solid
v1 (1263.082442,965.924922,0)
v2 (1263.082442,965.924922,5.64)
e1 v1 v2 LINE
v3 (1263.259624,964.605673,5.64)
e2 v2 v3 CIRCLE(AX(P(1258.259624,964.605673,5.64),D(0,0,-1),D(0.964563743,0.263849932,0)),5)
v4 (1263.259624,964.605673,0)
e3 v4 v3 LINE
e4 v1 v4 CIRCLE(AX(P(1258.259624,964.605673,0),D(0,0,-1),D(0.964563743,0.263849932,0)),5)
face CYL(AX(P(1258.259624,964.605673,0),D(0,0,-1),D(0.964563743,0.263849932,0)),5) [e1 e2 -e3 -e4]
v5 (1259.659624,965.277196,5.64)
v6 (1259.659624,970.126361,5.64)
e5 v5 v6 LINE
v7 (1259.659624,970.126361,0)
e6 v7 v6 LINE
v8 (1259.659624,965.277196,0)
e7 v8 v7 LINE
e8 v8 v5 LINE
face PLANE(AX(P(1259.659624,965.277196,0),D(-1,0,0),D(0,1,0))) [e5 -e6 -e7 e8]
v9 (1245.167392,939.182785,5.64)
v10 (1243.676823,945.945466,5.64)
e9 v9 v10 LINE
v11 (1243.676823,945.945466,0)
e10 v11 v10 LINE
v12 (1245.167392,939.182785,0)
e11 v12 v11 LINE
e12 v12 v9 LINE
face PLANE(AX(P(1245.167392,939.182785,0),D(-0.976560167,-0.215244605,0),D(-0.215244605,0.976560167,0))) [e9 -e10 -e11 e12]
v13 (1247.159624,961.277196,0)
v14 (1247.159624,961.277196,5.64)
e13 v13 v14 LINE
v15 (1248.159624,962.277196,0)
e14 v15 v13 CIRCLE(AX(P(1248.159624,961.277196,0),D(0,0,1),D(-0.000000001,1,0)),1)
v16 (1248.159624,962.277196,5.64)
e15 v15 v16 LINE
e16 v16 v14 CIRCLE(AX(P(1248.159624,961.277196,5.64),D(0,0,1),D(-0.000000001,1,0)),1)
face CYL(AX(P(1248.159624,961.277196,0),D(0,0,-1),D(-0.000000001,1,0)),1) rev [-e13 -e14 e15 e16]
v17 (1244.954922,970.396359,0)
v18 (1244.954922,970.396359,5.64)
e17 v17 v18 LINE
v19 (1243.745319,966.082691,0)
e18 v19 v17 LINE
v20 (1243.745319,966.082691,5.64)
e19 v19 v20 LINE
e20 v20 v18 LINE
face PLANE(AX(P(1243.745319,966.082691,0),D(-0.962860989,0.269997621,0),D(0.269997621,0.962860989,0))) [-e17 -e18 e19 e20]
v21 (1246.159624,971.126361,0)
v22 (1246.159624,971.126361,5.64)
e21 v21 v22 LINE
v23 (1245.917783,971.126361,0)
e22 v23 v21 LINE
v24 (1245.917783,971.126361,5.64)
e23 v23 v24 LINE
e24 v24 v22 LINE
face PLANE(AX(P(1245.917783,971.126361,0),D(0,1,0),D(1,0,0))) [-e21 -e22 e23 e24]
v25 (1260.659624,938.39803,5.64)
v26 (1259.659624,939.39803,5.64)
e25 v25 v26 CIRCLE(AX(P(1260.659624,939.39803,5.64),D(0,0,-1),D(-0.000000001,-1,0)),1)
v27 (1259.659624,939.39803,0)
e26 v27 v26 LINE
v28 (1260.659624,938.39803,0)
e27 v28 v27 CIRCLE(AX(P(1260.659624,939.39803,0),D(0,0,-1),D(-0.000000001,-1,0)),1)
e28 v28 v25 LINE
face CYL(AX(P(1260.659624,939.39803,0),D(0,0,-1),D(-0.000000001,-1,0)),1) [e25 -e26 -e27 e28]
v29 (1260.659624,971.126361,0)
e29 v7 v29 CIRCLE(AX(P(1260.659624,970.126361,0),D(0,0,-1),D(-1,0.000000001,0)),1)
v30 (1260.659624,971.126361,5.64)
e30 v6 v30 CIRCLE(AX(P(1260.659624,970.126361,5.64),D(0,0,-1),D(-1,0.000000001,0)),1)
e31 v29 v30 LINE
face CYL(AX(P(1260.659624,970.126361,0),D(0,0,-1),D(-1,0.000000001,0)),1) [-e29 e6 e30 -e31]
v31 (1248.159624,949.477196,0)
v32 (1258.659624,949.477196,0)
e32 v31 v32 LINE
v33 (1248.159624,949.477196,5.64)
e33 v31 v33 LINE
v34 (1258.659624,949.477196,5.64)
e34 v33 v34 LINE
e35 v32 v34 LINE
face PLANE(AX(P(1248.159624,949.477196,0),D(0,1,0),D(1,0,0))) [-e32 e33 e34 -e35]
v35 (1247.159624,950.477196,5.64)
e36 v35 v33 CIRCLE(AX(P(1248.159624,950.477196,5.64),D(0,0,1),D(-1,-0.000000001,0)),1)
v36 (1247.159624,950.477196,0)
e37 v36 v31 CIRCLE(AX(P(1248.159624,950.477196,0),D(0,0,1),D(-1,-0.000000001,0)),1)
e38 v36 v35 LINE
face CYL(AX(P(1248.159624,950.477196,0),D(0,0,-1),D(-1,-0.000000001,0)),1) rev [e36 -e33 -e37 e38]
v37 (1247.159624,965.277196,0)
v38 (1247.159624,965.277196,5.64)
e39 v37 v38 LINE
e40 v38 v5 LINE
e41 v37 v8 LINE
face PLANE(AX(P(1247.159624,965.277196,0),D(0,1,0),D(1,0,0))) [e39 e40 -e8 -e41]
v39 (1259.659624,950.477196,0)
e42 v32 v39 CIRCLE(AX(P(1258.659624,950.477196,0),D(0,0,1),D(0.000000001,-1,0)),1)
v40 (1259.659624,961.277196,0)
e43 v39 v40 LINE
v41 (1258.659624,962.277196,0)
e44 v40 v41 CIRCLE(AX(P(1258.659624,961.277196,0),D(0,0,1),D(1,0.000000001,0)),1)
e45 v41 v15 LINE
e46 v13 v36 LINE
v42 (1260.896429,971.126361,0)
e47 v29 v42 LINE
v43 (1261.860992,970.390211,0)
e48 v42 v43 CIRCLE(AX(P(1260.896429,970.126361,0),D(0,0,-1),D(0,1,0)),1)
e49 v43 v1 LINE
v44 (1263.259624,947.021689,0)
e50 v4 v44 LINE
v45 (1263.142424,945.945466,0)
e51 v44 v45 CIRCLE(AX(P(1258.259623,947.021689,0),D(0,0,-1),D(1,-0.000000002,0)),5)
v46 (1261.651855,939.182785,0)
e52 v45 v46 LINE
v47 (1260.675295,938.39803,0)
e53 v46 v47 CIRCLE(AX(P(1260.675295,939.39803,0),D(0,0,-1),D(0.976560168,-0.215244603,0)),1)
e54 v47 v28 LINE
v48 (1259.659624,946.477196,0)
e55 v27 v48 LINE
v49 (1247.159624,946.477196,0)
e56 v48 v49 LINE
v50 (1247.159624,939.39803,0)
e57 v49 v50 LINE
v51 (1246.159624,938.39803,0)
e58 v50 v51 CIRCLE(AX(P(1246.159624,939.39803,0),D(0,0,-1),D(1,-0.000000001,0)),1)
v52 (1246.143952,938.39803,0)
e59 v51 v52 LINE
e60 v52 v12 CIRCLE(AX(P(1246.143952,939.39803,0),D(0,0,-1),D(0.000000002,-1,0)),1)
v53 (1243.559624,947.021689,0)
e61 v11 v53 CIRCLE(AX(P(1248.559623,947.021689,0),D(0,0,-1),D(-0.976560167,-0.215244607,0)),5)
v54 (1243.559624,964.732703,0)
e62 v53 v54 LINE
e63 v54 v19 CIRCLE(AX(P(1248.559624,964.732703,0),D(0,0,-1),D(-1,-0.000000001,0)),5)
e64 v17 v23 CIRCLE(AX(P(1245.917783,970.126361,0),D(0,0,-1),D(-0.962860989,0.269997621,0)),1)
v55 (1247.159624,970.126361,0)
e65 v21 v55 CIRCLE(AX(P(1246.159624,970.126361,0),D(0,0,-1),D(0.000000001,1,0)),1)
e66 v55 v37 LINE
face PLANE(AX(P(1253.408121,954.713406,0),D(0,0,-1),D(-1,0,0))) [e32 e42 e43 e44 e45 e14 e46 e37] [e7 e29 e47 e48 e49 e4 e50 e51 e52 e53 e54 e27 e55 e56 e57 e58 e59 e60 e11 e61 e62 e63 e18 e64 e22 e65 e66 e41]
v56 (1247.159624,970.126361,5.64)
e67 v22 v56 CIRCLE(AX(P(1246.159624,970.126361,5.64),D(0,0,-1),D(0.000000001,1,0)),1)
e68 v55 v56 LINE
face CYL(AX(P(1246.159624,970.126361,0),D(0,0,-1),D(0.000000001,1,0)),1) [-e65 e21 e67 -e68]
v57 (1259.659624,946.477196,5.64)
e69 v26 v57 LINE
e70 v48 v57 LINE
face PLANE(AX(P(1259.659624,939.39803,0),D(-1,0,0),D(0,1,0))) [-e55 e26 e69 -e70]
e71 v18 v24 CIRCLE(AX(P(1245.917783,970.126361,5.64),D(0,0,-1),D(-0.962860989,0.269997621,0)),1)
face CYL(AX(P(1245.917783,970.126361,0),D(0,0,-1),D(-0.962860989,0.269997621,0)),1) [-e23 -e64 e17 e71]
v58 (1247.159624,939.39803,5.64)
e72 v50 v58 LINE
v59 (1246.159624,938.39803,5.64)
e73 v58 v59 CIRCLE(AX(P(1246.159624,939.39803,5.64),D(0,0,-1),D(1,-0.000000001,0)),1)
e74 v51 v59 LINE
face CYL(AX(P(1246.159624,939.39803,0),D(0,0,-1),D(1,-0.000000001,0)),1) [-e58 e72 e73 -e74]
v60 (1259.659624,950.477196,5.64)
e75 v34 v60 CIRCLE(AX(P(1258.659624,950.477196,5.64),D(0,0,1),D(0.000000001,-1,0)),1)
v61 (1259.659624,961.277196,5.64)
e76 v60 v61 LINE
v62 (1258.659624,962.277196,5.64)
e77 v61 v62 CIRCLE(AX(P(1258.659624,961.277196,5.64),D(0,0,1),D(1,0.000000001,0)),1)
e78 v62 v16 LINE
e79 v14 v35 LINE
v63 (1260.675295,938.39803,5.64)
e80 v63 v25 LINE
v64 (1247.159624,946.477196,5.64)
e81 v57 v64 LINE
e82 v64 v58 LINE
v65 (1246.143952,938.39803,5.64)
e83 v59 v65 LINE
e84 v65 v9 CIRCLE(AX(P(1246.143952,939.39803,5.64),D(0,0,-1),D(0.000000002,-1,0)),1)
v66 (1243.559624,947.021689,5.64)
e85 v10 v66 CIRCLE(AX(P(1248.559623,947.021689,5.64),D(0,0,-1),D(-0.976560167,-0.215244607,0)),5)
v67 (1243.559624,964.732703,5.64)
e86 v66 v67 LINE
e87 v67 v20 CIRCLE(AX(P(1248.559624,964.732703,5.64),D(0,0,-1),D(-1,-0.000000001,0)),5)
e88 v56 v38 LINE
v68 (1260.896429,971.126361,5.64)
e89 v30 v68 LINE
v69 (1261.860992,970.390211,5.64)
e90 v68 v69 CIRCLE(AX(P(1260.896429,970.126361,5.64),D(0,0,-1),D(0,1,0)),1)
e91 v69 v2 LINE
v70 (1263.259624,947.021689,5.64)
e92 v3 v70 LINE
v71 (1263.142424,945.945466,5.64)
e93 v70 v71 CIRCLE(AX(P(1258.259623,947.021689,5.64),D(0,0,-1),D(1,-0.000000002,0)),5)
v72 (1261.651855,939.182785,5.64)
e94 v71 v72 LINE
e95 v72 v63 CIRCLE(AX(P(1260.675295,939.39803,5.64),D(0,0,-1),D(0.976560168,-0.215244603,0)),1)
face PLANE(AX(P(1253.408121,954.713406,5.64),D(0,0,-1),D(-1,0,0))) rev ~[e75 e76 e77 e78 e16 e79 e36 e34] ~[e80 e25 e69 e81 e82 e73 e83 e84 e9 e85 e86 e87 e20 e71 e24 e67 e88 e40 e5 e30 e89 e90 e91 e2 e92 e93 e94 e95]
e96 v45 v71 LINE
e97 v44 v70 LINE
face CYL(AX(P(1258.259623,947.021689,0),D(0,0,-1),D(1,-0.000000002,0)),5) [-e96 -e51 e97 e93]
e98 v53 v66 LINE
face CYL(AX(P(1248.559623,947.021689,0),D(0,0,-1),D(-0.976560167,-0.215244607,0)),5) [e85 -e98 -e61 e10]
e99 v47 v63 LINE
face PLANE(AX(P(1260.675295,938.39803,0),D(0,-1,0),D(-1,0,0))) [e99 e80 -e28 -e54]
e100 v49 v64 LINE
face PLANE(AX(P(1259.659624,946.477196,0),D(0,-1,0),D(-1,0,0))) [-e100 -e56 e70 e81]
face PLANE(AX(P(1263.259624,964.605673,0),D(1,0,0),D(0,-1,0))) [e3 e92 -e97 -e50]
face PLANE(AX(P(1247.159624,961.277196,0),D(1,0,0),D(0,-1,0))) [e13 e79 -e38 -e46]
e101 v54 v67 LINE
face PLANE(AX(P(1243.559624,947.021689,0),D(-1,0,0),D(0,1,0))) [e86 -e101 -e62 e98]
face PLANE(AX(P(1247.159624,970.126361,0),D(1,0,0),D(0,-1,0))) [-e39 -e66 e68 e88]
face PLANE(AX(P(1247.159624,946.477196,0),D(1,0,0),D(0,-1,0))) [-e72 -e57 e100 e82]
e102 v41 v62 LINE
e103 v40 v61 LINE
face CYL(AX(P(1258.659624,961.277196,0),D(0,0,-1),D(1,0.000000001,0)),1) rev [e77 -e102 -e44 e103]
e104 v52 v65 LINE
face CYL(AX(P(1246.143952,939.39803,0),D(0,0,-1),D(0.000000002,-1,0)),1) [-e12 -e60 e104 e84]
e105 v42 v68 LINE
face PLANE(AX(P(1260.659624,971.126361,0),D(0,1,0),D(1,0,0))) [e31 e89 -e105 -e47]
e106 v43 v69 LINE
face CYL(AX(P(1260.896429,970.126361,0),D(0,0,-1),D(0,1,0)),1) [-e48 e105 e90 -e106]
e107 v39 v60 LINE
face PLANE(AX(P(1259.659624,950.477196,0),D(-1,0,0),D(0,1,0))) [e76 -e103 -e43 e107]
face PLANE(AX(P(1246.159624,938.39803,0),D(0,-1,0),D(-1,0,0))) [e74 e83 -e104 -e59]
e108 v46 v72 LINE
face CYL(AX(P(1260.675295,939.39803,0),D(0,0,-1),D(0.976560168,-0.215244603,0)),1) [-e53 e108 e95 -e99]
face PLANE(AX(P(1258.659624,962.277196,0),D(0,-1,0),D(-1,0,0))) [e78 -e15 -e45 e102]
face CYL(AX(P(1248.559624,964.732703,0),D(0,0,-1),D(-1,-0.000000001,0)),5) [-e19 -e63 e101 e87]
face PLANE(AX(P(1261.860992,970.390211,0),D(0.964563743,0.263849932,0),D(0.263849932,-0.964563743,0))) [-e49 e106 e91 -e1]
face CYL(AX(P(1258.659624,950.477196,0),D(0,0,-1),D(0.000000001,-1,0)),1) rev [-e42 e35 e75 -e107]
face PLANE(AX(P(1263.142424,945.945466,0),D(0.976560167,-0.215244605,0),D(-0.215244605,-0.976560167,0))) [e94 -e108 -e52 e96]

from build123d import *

# Parameters (mm, degrees)
BOSS_EXTRUDE1_DEPTH = 5.64


with BuildPart() as part:
    # Sketch1 → Boss-Extrude1 (new body)
    with BuildSketch(Plane.XY):
        with BuildLine():
            Line((1245.917783232, 971.126361431), (1246.159623553, 971.126361431))
            ThreePointArc((1246.159623553, 971.126361431), (1246.866730334, 970.833468212), (1247.159623553, 970.126361431))
            Line((1247.159623553, 970.126361431), (1247.159623553, 965.277195661))
            Line((1247.159623553, 965.277195661), (1259.659623553, 965.277195661))
            Line((1259.659623553, 965.277195661), (1259.659623553, 970.126361431))
            ThreePointArc((1259.659623553, 970.126361431), (1259.952516772, 970.833468212), (1260.659623553, 971.126361431))
            Line((1260.659623553, 971.126361431), (1260.896428716, 971.126361431))
            ThreePointArc((1260.896428716, 971.126361431), (1261.503120593, 970.921298514), (1261.860992458, 970.390211362))
            Line((1261.860992458, 970.390211362), (1263.082442266, 965.92492236))
            ThreePointArc((1263.082442266, 965.92492236), (1263.215130266, 965.271220008), (1263.259623553, 964.605672702))
            Line((1263.259623553, 964.605672702), (1263.259623553, 947.021688584))
            ThreePointArc((1263.259623553, 947.021688584), (1263.230237407, 946.480395771), (1263.142424389, 945.945465561))
            Line((1263.142424389, 945.945465561), (1261.651855255, 939.182785286))
            ThreePointArc((1261.651855255, 939.182785286), (1261.301695677, 938.618528574), (1260.675295088, 938.398029891))
            Line((1260.675295088, 938.398029891), (1260.659623553, 938.398029891))
            ThreePointArc((1260.659623553, 938.398029891), (1259.952516772, 938.69092311), (1259.659623553, 939.398029891))
            Line((1259.659623553, 939.398029891), (1259.659623553, 946.477195661))
            Line((1259.659623553, 946.477195661), (1247.159623553, 946.477195661))
            Line((1247.159623553, 946.477195661), (1247.159623553, 939.398029891))
            ThreePointArc((1247.159623553, 939.398029891), (1246.866730334, 938.69092311), (1246.159623553, 938.398029891))
            Line((1246.159623553, 938.398029891), (1246.143952018, 938.398029891))
            ThreePointArc((1246.143952018, 938.398029891), (1245.517551429, 938.618528574), (1245.167391851, 939.182785286))
            Line((1245.167391851, 939.182785286), (1243.676822717, 945.945465561))
            ThreePointArc((1243.676822717, 945.945465561), (1243.589009698, 946.480395771), (1243.559623553, 947.021688584))
            Line((1243.559623553, 947.021688584), (1243.559623553, 964.732702737))
            ThreePointArc((1243.559623553, 964.732702737), (1243.606264857, 965.414052599), (1243.745318606, 966.082690842))
            Line((1243.745318606, 966.082690842), (1244.954922243, 970.396359052))
            ThreePointArc((1244.954922243, 970.396359052), (1245.313629949, 970.923229557), (1245.917783232, 971.126361431))
        make_face()
        with BuildLine():
            Line((1247.159623553, 961.277195661), (1247.159623553, 950.477195661))
            ThreePointArc((1247.159623553, 950.477195661), (1247.452516772, 949.77008888), (1248.159623553, 949.477195661))
            Line((1248.159623553, 949.477195661), (1258.659623553, 949.477195661))
            ThreePointArc((1258.659623553, 949.477195661), (1259.366730334, 949.77008888), (1259.659623553, 950.477195661))
            Line((1259.659623553, 950.477195661), (1259.659623553, 961.277195661))
            ThreePointArc((1259.659623553, 961.277195661), (1259.366730334, 961.984302442), (1258.659623553, 962.277195661))
            Line((1258.659623553, 962.277195661), (1248.159623553, 962.277195661))
            ThreePointArc((1248.159623553, 962.277195661), (1247.452516772, 961.984302442), (1247.159623553, 961.277195661))
        make_face(mode=Mode.SUBTRACT)
    extrude(amount=BOSS_EXTRUDE1_DEPTH)


solid = part.part
